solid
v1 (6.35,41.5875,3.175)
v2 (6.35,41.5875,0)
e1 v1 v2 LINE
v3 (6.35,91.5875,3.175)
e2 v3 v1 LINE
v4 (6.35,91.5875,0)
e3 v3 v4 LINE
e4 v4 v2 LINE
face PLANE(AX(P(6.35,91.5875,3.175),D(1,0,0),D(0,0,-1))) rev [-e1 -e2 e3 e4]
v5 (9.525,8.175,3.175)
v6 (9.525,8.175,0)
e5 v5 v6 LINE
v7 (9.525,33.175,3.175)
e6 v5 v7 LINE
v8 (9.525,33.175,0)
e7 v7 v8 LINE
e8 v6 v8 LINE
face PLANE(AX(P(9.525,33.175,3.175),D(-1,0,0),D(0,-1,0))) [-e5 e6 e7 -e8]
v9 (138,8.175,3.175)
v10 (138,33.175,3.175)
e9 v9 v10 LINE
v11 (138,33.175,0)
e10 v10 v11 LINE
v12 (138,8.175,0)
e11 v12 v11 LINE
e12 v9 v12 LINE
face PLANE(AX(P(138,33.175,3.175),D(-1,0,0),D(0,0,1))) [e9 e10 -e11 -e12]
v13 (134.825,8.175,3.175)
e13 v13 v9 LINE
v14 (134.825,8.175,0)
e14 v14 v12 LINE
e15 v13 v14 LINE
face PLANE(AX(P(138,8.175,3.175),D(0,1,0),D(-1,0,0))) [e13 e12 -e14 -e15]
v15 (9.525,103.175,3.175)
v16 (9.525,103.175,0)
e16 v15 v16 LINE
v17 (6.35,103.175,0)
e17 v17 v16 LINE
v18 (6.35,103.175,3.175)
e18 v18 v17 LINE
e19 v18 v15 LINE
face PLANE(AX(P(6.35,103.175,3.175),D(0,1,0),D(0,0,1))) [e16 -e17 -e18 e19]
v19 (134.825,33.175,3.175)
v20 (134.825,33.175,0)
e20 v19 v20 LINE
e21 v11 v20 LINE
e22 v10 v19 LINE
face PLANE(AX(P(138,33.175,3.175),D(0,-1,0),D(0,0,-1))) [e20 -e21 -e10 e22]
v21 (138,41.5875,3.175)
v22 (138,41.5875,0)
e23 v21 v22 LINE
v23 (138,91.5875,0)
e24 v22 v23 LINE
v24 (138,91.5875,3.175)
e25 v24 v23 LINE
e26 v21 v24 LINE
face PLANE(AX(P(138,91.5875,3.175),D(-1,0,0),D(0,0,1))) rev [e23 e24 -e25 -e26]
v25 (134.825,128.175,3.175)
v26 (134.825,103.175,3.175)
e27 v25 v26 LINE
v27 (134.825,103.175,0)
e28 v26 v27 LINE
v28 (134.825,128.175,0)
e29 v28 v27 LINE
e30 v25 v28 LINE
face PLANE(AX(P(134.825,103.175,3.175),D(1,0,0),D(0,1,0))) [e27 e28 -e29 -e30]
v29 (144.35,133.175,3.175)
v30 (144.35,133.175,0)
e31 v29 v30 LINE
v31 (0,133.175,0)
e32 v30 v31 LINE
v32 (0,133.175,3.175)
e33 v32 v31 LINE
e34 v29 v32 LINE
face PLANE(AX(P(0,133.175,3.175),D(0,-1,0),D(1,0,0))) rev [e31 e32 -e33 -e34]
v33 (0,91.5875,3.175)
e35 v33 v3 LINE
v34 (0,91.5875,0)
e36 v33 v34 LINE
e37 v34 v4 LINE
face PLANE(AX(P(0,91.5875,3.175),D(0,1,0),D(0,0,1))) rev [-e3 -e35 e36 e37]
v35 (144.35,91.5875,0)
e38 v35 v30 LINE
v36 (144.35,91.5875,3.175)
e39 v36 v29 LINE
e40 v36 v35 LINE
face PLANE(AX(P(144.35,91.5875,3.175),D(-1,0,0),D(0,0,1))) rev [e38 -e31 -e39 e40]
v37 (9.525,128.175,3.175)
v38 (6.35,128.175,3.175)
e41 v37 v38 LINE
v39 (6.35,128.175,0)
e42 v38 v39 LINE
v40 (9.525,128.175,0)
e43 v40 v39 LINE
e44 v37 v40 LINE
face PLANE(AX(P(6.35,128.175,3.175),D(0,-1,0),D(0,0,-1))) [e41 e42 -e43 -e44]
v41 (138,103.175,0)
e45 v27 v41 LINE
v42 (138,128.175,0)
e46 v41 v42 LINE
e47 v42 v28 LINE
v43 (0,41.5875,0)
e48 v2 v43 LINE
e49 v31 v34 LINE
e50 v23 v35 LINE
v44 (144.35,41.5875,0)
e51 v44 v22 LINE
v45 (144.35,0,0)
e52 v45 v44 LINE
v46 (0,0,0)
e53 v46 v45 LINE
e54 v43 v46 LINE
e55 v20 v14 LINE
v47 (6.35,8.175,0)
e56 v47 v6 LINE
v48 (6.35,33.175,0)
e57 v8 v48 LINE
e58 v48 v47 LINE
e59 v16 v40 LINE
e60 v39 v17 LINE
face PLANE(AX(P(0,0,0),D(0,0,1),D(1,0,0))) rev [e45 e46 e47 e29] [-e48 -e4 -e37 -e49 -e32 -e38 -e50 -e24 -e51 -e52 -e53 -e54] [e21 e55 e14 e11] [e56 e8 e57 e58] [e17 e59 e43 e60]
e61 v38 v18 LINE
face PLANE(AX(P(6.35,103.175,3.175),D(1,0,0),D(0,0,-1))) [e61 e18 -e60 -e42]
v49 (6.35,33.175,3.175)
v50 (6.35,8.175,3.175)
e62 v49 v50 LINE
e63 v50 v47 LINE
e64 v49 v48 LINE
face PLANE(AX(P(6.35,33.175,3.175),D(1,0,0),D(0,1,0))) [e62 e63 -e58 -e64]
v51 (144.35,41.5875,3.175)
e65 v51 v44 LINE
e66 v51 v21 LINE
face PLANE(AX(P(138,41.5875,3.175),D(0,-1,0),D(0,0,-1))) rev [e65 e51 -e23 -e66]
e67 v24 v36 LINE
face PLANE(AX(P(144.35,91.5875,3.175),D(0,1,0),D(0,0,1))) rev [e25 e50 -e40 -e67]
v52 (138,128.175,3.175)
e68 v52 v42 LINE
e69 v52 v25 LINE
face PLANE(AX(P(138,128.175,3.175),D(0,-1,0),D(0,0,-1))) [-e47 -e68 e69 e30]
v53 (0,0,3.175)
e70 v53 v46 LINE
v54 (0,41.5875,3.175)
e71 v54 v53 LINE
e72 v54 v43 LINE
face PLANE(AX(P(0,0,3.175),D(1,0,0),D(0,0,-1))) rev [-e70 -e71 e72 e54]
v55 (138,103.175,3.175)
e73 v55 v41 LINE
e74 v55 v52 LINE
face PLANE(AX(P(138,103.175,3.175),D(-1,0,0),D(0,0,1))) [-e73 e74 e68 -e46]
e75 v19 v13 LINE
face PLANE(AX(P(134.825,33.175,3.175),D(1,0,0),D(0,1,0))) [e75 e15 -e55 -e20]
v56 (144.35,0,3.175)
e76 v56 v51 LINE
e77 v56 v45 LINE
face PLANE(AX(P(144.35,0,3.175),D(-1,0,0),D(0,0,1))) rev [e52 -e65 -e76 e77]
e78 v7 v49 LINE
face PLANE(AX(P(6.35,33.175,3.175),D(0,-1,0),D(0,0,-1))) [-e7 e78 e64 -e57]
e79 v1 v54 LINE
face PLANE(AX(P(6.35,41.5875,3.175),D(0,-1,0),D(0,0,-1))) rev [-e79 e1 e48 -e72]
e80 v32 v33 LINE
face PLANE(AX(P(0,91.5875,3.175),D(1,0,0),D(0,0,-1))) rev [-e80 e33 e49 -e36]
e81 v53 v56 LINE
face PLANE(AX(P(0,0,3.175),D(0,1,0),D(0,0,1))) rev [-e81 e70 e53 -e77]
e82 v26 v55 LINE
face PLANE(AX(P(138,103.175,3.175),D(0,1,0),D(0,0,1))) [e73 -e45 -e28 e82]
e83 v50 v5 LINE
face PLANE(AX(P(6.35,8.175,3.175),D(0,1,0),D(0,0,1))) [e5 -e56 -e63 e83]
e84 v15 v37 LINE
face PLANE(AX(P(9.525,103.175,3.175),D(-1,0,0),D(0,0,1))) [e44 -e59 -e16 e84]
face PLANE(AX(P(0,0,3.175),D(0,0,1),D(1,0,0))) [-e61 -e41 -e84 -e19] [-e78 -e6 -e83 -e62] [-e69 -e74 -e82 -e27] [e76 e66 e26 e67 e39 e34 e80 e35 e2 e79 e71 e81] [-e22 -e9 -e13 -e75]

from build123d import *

# Parameters (mm, degrees)
SKETCH1_W           = 3.175
SKETCH1_H           = 25
BOSS_EXTRUDE1_DEPTH = 3.175


with BuildPart() as part:
    # Sketch1 → Boss-Extrude1 (new body)
    with BuildSketch(Plane.XY):
        Polygon((0, 91.5875), (6.35, 91.5875), (6.35, 41.5875), (0, 41.5875), (0, 0), (144.35, 0), (144.35, 41.5875), (138, 41.5875), (138, 91.5875), (144.35, 91.5875), (144.35, 133.175), (0, 133.175), align=None)
        with Locations((7.9375, 115.675)):
            Rectangle(SKETCH1_W, SKETCH1_H, mode=Mode.SUBTRACT)
        with Locations((136.4125, 115.675)):
            Rectangle(SKETCH1_W, SKETCH1_H, mode=Mode.SUBTRACT)
        with Locations((7.9375, 20.675)):
            Rectangle(SKETCH1_W, SKETCH1_H, mode=Mode.SUBTRACT)
        with Locations((136.4125, 20.675)):
            Rectangle(SKETCH1_W, SKETCH1_H, mode=Mode.SUBTRACT)
    extrude(amount=BOSS_EXTRUDE1_DEPTH)


solid = part.part
